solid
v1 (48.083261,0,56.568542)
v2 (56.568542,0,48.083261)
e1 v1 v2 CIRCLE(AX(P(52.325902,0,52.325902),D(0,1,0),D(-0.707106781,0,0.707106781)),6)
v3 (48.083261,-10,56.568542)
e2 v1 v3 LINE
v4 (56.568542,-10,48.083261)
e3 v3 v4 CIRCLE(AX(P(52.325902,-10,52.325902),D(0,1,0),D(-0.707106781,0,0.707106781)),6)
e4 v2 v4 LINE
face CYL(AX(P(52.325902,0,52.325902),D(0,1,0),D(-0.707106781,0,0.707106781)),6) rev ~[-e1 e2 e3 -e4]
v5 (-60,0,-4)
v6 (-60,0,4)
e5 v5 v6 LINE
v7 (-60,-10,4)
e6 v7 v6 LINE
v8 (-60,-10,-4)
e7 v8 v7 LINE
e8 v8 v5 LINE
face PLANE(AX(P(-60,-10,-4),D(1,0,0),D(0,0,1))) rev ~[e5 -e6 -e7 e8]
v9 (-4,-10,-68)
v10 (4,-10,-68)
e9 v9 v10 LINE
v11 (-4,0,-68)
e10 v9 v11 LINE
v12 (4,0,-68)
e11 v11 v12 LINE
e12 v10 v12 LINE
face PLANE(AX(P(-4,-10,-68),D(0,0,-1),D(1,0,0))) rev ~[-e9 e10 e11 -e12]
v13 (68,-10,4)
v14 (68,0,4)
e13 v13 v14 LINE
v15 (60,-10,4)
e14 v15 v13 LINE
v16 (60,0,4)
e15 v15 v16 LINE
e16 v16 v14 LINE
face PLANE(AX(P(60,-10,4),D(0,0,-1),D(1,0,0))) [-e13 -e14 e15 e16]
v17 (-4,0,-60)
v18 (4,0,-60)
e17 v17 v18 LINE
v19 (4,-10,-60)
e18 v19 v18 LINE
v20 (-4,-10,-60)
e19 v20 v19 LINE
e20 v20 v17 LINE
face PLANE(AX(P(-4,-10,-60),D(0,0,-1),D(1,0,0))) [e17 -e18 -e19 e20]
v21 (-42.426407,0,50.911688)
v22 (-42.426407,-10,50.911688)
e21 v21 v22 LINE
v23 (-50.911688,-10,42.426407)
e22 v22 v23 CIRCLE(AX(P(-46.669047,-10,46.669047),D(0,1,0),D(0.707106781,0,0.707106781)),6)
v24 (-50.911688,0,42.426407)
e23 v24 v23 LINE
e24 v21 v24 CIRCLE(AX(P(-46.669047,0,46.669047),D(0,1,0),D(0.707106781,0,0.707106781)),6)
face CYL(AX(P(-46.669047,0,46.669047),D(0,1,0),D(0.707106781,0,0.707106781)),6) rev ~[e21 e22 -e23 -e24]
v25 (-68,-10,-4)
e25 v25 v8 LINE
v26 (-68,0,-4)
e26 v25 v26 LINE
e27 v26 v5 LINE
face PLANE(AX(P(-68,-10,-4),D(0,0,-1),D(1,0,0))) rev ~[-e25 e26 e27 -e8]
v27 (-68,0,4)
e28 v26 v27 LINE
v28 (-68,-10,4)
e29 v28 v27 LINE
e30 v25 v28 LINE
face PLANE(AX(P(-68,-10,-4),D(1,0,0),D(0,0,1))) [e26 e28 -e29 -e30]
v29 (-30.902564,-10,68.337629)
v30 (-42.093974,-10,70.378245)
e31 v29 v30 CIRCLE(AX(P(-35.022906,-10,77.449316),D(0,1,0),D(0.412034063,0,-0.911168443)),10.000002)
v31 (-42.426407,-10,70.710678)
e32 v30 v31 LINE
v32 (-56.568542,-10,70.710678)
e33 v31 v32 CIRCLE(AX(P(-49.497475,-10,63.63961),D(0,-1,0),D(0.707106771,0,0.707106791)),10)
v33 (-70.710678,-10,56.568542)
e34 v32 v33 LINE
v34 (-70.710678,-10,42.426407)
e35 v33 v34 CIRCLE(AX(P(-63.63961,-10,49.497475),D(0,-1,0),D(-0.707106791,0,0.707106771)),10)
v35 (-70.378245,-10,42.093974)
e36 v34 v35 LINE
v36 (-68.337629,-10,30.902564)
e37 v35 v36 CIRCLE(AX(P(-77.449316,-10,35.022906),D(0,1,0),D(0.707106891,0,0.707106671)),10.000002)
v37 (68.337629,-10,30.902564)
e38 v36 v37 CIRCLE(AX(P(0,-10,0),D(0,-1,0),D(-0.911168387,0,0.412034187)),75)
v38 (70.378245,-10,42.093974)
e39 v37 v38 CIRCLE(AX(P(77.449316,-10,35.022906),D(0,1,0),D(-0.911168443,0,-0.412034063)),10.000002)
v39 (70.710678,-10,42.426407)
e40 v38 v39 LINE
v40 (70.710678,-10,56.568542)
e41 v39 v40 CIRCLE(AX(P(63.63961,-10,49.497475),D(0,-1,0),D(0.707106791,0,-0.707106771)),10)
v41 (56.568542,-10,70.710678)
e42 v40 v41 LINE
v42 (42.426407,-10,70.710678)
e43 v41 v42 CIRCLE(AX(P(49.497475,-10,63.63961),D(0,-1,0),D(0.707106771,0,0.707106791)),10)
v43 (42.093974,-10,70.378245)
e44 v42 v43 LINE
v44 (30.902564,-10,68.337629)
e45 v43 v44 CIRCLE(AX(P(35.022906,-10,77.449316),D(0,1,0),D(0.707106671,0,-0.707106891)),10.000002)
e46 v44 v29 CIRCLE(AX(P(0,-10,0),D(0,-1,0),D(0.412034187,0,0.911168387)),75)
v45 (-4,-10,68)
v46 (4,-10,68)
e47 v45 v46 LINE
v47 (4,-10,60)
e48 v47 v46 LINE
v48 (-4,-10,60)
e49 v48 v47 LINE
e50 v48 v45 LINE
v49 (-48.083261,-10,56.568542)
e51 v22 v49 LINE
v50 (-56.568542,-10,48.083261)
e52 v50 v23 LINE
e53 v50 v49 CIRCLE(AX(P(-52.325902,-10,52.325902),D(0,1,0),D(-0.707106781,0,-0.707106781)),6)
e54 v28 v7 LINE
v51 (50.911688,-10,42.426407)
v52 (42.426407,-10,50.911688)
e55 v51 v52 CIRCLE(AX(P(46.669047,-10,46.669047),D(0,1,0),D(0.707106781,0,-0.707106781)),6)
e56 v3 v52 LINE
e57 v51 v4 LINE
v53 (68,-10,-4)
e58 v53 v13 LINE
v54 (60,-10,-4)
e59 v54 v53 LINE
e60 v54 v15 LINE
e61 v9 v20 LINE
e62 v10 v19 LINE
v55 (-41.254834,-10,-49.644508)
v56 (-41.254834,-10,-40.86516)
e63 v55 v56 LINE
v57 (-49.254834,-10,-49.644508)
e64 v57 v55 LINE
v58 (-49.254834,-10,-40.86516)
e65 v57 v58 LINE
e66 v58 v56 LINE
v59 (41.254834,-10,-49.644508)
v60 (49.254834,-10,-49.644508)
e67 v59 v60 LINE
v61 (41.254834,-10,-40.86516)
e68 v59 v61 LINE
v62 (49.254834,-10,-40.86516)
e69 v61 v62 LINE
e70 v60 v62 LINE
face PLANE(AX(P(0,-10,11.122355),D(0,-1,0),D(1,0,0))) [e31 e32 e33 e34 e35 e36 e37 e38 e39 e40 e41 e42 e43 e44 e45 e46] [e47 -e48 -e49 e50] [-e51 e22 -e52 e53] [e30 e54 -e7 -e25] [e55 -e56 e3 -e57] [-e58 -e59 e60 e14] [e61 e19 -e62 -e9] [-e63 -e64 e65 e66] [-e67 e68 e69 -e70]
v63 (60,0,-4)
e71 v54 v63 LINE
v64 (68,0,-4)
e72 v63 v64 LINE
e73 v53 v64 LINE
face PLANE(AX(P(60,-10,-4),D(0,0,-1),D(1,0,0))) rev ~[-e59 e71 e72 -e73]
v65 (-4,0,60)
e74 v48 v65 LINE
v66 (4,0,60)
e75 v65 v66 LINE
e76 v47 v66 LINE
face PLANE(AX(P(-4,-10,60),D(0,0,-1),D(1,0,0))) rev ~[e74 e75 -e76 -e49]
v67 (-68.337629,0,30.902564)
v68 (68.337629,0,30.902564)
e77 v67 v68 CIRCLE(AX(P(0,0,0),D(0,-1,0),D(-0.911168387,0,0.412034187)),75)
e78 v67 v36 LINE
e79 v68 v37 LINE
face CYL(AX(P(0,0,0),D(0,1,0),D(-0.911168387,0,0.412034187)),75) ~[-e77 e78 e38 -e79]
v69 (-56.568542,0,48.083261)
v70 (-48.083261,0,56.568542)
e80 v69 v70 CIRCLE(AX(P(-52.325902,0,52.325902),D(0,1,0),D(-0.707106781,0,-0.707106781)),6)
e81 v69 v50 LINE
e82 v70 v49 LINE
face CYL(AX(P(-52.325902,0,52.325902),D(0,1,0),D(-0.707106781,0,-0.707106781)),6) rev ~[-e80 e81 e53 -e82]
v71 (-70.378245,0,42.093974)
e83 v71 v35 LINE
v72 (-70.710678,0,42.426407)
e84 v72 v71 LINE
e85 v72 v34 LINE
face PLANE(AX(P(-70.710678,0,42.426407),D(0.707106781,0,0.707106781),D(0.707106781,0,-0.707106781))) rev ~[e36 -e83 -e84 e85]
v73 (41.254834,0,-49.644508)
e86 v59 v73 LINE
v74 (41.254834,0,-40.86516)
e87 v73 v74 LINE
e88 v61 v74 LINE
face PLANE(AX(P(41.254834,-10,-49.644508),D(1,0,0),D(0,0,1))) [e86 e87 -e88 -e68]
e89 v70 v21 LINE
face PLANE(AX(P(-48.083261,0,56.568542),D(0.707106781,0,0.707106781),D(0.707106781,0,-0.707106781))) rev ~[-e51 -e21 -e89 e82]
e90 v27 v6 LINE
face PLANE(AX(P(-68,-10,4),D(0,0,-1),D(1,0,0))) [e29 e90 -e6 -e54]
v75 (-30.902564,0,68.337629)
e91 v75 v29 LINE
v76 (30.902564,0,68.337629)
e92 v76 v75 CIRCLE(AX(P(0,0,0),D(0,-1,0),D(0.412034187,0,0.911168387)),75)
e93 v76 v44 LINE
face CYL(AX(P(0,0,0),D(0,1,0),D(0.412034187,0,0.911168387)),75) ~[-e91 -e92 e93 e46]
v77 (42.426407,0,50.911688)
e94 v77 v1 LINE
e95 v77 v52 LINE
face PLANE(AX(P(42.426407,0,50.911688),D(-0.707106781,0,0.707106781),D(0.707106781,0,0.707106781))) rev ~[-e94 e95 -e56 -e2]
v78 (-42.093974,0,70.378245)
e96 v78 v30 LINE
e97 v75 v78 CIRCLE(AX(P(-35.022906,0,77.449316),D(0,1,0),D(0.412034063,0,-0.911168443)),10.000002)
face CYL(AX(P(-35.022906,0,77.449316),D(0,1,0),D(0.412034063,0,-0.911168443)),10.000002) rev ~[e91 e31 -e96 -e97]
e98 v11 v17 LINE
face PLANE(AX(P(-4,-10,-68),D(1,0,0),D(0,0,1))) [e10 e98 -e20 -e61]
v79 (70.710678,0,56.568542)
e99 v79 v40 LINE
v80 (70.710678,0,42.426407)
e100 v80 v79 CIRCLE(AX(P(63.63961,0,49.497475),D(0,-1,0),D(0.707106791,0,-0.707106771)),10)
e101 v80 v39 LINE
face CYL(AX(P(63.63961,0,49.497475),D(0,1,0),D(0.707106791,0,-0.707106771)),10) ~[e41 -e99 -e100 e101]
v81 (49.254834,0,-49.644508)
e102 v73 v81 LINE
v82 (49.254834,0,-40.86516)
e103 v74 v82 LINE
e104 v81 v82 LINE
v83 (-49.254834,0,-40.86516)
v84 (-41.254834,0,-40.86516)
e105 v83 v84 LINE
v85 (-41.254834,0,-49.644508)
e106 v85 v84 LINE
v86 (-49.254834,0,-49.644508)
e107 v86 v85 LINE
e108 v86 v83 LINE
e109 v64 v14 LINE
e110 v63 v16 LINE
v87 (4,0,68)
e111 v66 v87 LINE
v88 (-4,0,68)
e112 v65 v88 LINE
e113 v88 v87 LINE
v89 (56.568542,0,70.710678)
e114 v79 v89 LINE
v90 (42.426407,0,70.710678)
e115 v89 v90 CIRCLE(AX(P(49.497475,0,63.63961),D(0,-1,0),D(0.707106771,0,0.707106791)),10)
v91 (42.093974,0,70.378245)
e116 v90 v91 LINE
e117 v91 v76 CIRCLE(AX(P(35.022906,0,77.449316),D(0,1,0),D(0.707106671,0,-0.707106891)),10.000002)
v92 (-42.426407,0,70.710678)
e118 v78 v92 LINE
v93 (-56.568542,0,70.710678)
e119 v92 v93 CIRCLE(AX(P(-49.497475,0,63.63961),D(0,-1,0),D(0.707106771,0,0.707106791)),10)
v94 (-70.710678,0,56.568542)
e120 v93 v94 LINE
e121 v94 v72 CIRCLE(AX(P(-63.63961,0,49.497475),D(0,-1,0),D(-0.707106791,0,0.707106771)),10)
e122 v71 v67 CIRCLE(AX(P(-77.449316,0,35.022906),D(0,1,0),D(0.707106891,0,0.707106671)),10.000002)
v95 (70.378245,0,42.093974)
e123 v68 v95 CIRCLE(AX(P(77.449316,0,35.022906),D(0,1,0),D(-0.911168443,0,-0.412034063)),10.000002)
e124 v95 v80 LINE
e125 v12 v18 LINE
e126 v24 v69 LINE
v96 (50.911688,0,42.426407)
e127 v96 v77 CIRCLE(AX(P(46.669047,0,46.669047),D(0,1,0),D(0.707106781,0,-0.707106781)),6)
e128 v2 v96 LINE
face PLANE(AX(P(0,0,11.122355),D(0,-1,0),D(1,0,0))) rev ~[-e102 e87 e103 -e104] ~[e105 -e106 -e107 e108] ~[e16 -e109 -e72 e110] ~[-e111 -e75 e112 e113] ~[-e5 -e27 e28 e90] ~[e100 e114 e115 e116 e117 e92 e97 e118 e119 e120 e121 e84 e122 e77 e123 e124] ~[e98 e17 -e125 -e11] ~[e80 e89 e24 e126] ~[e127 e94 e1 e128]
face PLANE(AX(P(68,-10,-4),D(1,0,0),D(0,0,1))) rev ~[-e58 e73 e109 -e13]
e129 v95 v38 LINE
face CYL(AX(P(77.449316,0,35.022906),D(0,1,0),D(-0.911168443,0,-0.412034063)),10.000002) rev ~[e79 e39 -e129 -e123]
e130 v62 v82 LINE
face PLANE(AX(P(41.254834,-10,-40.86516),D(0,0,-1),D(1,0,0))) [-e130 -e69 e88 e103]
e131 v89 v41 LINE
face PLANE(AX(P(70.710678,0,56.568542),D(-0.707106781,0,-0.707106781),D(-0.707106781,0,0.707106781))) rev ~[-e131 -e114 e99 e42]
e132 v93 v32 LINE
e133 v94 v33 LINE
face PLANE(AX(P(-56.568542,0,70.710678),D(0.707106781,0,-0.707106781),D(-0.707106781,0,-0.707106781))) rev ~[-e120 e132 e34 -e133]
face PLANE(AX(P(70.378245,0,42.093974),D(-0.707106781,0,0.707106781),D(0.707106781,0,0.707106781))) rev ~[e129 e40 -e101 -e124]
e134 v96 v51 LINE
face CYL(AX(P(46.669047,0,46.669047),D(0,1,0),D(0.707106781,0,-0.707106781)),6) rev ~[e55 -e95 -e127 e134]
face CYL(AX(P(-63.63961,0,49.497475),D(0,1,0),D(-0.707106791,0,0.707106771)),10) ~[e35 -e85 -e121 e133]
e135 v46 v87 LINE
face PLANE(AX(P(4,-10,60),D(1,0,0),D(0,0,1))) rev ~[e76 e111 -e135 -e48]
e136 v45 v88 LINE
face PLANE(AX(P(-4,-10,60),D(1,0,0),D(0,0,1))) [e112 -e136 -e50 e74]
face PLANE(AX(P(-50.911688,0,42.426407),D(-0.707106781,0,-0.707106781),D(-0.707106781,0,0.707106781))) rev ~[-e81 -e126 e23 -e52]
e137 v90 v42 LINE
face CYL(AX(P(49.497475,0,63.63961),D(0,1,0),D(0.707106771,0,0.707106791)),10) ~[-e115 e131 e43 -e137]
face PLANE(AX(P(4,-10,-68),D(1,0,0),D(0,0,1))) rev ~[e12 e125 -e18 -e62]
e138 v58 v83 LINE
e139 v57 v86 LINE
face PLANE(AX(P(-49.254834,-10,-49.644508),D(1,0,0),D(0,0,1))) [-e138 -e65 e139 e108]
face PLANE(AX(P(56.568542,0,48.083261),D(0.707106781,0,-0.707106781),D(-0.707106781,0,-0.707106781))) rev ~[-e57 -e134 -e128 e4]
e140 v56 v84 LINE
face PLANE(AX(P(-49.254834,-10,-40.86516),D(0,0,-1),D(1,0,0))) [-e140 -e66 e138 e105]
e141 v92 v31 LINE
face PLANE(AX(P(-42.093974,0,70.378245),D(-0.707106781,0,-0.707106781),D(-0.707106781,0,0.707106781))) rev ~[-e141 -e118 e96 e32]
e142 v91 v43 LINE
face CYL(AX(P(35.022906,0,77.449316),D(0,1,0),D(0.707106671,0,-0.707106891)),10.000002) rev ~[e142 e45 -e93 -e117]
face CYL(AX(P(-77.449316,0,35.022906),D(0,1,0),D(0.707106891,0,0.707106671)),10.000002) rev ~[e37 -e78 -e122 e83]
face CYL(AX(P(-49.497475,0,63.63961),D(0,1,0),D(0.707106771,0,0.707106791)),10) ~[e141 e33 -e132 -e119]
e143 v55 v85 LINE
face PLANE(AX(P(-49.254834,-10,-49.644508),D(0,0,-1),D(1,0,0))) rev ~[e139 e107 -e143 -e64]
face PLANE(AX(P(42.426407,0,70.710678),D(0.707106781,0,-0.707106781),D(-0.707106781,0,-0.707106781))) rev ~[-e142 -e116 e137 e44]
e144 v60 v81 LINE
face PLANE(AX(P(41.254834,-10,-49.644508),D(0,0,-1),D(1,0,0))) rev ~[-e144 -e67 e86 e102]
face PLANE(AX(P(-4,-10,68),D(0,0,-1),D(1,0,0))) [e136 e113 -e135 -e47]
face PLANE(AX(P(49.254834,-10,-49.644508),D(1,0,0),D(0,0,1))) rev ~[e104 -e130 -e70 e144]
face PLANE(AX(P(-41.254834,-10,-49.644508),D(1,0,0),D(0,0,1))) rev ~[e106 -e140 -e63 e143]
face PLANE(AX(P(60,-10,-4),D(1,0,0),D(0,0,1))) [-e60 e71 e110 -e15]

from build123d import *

# Parameters (mm, degrees)
F1_DEPTH = 10
F3_DEPTH = 10.001
F4_W     = 8
F4_H     = 8
F4_H_2   = 8.779348
F5_DEPTH = 10.001


with BuildPart() as f1:
    # F0 (on Front) → F1 (new body)
    with BuildSketch(Plane.XZ):
        with BuildLine():
            ThreePointArc((-70.378245, 42.093974), (-67.611515, 36.816708), (-68.337629, 30.902564))
            ThreePointArc((-68.337629, 30.902564), (0, -75), (68.337629, 30.902564))
            ThreePointArc((68.337629, 30.902564), (67.611515, 36.816708), (70.378245, 42.093974))
            Line((70.378245, 42.093974), (70.710678, 42.426407))
            ThreePointArc((70.710678, 42.426407), (73.63961, 49.497475), (70.710678, 56.568542))
            Line((70.710678, 56.568542), (56.568542, 70.710678))
            ThreePointArc((56.568542, 70.710678), (49.497475, 73.63961), (42.426407, 70.710678))
            Line((42.426407, 70.710678), (42.093974, 70.378245))
            ThreePointArc((42.093974, 70.378245), (36.816708, 67.611515), (30.902564, 68.337629))
            ThreePointArc((30.902564, 68.337629), (0, 75), (-30.902564, 68.337629))
            ThreePointArc((-30.902564, 68.337629), (-36.816708, 67.611515), (-42.093974, 70.378245))
            Line((-42.093974, 70.378245), (-42.426407, 70.710678))
            ThreePointArc((-42.426407, 70.710678), (-49.497475, 73.63961), (-56.568542, 70.710678))
            Line((-56.568542, 70.710678), (-70.710678, 56.568542))
            ThreePointArc((-70.710678, 56.568542), (-73.63961, 49.497475), (-70.710678, 42.426407))
            Line((-70.710678, 42.426407), (-70.378245, 42.093974))
        make_face()
    extrude(amount=F1_DEPTH)

    # F2 (on face) → F3 (cut, through all)
    with BuildSketch(Plane(origin=(0, 0, 0), x_dir=(-1, 0, 0), z_dir=(0, 1, 0))):
        with BuildLine():
            ThreePointArc((-50.911688, 42.426407), (-42.426407, 42.426407), (-42.426407, 50.911688))
            Line((-42.426407, 50.911688), (-48.083261, 56.568542))
            ThreePointArc((-48.083261, 56.568542), (-56.568542, 56.568542), (-56.568542, 48.083261))
            Line((-56.568542, 48.083261), (-50.911688, 42.426407))
        make_face()
        with BuildLine():
            Line((50.911688, 42.426407), (56.568542, 48.083261))
            ThreePointArc((56.568542, 48.083261), (56.568542, 56.568542), (48.083261, 56.568542))
            Line((48.083261, 56.568542), (42.426407, 50.911688))
            ThreePointArc((42.426407, 50.911688), (42.426407, 42.426407), (50.911688, 42.426407))
        make_face()
    extrude(amount=-F3_DEPTH, mode=Mode.SUBTRACT)

    # F4 (on face) → F5 (cut, through all)
    with BuildSketch(Plane.XZ.offset(10)):
        with Locations((64, 0)):
            Rectangle(F4_W, F4_H)
        with Locations((0, 64)):
            Rectangle(F4_W, F4_H)
        with Locations((0, -64)):
            Rectangle(F4_W, F4_H)
        with Locations((-64, 0)):
            Rectangle(F4_W, F4_H)
        with Locations((45.254834, -45.254834)):
            Rectangle(F4_W, F4_H_2)
        with Locations((-45.254834, -45.254834)):
            Rectangle(F4_W, F4_H_2)
    extrude(amount=-F5_DEPTH, mode=Mode.SUBTRACT)


solid = f1.part
